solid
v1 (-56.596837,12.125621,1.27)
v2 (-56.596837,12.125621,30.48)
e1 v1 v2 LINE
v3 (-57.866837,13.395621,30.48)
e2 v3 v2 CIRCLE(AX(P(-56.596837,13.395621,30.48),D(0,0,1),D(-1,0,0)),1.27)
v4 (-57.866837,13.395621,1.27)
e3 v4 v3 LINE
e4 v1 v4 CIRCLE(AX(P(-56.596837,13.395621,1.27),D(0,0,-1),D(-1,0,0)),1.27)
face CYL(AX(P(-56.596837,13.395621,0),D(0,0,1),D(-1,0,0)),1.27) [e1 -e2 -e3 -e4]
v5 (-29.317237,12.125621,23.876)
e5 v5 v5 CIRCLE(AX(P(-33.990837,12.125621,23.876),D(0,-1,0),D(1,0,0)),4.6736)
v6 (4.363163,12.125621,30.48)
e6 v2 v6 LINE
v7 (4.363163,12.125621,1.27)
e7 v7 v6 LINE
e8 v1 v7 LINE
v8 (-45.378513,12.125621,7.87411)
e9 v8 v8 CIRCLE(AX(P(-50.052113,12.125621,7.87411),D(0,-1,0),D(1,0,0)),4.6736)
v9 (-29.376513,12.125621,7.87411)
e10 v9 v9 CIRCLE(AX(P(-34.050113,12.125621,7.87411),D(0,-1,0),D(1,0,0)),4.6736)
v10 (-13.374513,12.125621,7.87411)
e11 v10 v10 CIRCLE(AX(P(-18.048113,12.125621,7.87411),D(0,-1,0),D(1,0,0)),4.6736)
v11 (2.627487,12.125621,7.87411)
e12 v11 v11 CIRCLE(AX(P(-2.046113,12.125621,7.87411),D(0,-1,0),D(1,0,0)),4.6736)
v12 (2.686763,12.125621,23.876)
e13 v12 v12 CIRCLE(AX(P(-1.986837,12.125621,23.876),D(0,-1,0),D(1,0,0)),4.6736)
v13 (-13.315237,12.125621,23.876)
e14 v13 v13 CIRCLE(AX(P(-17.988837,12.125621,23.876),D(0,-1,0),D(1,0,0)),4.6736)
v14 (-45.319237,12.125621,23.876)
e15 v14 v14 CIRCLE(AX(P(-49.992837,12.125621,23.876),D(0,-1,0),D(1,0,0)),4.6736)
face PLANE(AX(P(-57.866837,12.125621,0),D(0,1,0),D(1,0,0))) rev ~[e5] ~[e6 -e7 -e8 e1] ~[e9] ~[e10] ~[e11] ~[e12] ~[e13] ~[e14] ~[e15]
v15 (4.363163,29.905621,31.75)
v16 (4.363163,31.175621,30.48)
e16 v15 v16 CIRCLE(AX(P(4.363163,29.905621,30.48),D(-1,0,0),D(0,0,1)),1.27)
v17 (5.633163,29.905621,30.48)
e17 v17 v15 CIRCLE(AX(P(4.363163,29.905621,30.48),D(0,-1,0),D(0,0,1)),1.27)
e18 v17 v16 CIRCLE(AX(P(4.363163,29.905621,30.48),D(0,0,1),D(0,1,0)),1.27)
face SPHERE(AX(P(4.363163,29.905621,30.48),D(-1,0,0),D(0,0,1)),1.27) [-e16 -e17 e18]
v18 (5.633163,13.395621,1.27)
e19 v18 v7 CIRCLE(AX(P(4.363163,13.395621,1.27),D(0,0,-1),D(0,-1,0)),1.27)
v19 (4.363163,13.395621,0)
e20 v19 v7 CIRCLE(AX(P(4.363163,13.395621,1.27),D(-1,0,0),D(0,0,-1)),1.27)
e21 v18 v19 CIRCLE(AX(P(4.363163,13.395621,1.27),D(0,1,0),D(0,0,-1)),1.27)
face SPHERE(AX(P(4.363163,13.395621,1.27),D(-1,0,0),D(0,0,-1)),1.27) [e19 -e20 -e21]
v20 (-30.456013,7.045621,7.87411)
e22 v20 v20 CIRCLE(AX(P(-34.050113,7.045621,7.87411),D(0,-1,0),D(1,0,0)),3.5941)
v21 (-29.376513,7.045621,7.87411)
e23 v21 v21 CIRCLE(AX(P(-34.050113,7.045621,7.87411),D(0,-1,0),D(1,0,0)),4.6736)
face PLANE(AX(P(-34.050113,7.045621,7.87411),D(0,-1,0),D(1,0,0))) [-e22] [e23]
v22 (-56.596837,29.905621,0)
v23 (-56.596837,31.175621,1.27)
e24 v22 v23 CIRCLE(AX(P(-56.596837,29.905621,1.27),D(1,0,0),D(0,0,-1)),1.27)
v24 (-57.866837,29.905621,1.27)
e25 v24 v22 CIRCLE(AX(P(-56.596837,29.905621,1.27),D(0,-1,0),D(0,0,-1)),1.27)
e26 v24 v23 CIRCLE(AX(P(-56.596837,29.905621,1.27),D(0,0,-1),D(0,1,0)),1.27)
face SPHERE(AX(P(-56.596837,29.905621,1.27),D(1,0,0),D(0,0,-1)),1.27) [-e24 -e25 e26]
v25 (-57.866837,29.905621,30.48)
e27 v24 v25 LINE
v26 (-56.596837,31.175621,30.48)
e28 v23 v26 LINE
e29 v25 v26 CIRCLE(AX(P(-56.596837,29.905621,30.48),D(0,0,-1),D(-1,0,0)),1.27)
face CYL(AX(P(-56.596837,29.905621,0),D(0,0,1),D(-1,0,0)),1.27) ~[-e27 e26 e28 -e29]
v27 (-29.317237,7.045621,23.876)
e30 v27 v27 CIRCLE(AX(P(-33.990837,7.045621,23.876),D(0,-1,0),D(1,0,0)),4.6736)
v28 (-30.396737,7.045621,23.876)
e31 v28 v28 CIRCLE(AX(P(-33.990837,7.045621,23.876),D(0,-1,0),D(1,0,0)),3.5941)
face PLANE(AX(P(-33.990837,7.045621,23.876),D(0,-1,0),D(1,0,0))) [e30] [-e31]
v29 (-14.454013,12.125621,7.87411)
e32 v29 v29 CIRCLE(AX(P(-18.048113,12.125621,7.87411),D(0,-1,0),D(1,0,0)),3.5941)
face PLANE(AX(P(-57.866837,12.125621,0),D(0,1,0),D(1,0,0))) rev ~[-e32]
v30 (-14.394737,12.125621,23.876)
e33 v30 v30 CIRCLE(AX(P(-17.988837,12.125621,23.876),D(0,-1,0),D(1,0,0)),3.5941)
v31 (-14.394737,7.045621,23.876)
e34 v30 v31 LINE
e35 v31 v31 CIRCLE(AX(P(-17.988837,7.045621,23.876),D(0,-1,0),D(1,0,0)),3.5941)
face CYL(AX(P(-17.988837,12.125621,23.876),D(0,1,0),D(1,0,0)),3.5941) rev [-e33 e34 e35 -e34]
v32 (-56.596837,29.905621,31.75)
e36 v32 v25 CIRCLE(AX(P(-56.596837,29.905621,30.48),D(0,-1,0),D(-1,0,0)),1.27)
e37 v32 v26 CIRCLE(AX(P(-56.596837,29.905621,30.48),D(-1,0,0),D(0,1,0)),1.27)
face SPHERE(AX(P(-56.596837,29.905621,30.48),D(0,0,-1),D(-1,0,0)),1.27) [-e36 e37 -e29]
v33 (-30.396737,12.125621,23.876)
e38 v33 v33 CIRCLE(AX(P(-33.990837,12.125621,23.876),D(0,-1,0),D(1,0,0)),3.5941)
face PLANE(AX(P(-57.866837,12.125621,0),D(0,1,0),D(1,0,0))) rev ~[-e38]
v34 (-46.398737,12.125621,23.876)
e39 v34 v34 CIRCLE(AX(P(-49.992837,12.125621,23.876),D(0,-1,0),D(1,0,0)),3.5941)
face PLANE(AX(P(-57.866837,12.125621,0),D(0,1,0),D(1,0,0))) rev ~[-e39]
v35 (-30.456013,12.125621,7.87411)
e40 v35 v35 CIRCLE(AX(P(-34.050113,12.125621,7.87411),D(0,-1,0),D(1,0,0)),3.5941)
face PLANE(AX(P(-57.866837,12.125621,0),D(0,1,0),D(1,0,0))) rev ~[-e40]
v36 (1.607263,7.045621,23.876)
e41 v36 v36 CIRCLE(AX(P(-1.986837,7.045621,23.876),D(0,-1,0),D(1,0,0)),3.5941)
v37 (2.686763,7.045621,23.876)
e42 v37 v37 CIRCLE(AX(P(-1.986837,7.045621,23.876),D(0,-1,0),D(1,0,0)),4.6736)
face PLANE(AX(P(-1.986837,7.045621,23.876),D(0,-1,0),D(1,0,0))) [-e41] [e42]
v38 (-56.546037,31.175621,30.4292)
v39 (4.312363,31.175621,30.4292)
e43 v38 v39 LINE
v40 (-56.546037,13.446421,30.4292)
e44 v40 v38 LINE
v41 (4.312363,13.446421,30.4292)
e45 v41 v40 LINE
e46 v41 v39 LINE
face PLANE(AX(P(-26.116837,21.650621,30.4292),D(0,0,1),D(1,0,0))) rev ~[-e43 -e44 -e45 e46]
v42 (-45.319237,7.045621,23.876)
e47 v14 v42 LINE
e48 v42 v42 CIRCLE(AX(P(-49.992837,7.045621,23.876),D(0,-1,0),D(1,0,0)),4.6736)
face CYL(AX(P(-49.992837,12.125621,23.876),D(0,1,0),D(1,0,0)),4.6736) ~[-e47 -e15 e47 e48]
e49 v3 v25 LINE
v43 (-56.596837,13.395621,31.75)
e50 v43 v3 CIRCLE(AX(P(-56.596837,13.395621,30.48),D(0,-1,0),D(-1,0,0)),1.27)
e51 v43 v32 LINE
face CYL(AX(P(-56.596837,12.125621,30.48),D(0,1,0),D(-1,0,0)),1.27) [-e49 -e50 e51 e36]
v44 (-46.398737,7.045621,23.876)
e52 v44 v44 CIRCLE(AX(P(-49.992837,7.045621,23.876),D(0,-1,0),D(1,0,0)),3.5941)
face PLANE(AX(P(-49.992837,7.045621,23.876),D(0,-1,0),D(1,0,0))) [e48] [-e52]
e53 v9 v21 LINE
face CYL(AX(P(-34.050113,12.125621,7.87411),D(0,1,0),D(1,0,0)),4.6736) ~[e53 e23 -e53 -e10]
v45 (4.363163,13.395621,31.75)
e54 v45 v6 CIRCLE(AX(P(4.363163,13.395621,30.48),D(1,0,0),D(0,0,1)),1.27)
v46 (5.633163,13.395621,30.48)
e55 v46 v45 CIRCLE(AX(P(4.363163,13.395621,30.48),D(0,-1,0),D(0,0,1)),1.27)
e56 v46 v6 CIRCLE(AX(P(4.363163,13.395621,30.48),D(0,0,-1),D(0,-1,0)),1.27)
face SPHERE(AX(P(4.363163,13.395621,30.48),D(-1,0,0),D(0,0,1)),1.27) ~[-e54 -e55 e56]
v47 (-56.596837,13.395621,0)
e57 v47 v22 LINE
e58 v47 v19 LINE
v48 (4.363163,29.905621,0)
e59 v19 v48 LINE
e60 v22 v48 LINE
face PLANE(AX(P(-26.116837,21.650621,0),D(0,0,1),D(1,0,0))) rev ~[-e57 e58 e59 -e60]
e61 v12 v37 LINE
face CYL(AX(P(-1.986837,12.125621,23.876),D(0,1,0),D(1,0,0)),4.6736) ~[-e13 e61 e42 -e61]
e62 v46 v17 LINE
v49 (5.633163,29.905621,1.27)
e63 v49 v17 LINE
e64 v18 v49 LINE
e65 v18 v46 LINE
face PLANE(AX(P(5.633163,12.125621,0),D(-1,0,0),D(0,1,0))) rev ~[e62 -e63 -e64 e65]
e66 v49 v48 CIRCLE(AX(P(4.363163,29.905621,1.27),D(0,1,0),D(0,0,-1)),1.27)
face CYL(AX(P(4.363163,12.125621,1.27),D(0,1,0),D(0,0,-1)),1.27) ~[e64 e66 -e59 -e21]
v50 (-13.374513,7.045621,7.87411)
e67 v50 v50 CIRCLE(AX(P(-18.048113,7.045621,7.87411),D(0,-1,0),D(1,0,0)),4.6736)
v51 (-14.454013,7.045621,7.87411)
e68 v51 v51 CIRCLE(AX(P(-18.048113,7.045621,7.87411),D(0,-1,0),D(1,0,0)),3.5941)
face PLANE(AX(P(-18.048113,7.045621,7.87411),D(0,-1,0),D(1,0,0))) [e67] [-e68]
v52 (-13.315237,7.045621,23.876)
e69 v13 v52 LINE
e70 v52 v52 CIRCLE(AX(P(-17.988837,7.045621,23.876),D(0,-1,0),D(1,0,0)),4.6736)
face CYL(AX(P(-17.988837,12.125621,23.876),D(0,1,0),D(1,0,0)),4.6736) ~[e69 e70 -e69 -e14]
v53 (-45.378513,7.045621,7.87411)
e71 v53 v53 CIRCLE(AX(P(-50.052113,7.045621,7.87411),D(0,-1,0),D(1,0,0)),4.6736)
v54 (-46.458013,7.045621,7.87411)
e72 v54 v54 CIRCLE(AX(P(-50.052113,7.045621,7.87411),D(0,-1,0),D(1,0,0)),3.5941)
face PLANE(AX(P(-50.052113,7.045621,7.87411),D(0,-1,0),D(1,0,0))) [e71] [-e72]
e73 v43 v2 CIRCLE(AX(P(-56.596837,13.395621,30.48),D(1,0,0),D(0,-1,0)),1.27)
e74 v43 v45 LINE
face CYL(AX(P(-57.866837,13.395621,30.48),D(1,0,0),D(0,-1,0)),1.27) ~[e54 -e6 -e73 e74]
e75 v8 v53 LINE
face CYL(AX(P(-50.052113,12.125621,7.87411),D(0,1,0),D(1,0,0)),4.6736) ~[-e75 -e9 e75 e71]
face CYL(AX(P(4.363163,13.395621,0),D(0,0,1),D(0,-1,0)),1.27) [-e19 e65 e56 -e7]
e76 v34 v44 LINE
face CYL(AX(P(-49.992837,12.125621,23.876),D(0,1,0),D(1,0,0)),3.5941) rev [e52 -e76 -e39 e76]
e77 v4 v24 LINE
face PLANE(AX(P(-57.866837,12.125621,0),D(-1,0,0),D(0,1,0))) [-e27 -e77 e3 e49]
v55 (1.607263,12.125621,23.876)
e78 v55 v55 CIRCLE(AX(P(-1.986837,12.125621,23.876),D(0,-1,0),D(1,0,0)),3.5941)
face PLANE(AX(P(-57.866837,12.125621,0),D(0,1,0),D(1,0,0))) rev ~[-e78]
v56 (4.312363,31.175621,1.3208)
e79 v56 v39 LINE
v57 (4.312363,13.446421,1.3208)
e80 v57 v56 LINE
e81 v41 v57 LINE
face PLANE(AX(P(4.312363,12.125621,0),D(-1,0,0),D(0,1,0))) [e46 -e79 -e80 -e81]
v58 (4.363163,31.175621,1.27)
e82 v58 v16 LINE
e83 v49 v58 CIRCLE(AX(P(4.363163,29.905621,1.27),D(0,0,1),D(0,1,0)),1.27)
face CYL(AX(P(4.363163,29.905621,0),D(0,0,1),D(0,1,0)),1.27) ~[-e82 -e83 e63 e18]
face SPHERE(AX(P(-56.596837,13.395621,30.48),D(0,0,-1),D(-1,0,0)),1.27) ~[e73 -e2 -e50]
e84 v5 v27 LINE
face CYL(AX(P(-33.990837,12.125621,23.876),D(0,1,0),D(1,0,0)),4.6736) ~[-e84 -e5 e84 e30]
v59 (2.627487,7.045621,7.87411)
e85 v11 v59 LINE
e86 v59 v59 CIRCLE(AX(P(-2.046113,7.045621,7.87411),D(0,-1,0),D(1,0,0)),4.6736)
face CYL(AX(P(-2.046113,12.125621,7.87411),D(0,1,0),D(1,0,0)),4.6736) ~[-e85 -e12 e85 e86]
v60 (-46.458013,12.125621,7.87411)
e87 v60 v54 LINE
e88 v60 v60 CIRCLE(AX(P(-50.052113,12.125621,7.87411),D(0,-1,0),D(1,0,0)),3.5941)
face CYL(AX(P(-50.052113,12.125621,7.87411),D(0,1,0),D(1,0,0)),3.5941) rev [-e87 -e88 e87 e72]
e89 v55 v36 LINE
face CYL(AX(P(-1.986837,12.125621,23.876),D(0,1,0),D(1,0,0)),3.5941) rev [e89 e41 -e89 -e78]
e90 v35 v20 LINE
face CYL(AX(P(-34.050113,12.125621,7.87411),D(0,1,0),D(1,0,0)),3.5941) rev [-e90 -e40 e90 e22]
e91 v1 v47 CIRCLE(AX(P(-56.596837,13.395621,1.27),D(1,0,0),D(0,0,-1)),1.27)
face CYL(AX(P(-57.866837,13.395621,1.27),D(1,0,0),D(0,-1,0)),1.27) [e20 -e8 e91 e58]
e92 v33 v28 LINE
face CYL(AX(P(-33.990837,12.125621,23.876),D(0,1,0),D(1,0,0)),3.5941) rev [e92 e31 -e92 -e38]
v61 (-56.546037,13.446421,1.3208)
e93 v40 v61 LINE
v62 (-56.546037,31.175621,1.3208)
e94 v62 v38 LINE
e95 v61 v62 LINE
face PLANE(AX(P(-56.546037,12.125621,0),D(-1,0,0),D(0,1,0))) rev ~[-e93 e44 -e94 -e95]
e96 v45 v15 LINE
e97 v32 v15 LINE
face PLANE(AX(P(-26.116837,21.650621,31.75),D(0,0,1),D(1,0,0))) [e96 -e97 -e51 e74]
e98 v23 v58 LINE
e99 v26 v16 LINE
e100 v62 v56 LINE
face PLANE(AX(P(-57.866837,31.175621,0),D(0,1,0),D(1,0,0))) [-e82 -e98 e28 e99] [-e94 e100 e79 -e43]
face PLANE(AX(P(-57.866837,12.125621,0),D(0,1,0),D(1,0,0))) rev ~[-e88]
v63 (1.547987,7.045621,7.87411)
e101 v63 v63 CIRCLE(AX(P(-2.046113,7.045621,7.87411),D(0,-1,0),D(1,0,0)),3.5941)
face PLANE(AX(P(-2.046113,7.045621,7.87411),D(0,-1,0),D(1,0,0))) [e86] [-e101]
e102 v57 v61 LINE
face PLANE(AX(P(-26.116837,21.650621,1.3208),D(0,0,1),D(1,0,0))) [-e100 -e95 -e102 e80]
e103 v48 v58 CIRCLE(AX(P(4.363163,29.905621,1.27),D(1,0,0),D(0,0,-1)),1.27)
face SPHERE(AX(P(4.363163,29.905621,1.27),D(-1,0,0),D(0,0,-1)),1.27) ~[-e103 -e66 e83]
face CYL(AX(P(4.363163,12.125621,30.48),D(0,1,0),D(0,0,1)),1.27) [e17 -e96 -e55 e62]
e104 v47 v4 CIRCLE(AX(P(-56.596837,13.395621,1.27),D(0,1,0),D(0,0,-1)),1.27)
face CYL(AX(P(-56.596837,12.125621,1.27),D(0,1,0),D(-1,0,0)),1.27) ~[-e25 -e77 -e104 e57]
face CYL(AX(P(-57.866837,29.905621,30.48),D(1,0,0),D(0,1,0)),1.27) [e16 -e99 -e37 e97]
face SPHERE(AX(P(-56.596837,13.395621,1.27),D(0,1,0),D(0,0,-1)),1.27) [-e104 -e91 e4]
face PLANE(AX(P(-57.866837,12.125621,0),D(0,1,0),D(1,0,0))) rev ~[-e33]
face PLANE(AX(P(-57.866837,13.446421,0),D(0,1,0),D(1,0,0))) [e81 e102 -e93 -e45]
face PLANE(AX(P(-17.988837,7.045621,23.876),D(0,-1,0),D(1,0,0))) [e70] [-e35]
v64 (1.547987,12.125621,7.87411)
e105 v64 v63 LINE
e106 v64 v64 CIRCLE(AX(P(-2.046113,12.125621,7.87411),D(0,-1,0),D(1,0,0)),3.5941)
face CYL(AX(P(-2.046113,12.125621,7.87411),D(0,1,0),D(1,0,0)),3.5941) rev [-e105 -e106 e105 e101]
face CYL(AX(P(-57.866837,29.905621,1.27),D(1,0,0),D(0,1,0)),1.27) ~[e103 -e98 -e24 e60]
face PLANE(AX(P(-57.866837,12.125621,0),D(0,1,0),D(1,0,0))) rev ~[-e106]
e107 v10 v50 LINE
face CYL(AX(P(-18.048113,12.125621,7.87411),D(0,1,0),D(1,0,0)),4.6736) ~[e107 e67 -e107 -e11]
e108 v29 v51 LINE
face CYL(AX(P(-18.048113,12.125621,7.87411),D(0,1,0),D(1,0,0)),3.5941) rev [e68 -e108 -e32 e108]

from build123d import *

# Parameters (mm, degrees)
F0_W     = 63.5
F0_H     = 19.05
F1_DEPTH = 31.75
F2_T     = -1.3208
F3_R     = 4.6736
F3_R_2   = 3.5941
F4_DEPTH = 5.08
F5_R     = 1.27


with BuildPart() as f1:
    # F0 (on Top) → F1 (new body)
    with BuildSketch(Plane.XY):
        with Locations((-26.116837, 21.650621)):
            Rectangle(F0_W, F0_H)
    extrude(amount=F1_DEPTH)

    # F2
    f2_openings = [f1.faces().sort_by_distance(p)[0] for p in [
        (-26.116837, 31.175621, 15.875),
    ]]
    offset(amount=F2_T, openings=f2_openings)

    # F3 (on face) → F4 (join)
    with BuildSketch(Plane.XZ.offset(-12.125621)):
        with Locations((-49.992837, 23.876)):
            Circle(F3_R)
        with Locations((-49.992837, 23.876)):
            Circle(F3_R_2, mode=Mode.SUBTRACT)
        with Locations((-33.990837, 23.876)):
            Circle(F3_R)
        with Locations((-33.990837, 23.876)):
            Circle(F3_R_2, mode=Mode.SUBTRACT)
        with Locations((-17.988837, 23.876)):
            Circle(F3_R)
        with Locations((-17.988837, 23.876)):
            Circle(F3_R_2, mode=Mode.SUBTRACT)
        with Locations((-1.986837, 23.876)):
            Circle(F3_R)
        with Locations((-1.986837, 23.876)):
            Circle(F3_R_2, mode=Mode.SUBTRACT)
        with Locations((-50.052113, 7.87411)):
            Circle(F3_R)
        with Locations((-50.052113, 7.87411)):
            Circle(F3_R_2, mode=Mode.SUBTRACT)
        with Locations((-34.050113, 7.87411)):
            Circle(F3_R)
        with Locations((-34.050113, 7.87411)):
            Circle(F3_R_2, mode=Mode.SUBTRACT)
        with Locations((-18.048113, 7.87411)):
            Circle(F3_R)
        with Locations((-18.048113, 7.87411)):
            Circle(F3_R_2, mode=Mode.SUBTRACT)
        with Locations((-2.046113, 7.87411)):
            Circle(F3_R)
        with Locations((-2.046113, 7.87411)):
            Circle(F3_R_2, mode=Mode.SUBTRACT)
    extrude(amount=F4_DEPTH)

    # F5
    f5_edges = [f1.edges().sort_by_distance(p)[0] for p in [
        (-26.116837, 31.175621, 0),
        (-57.866837, 21.650621, 0),
        (-26.116837, 12.125621, 0),
        (5.633163, 21.650621, 0),
        (-57.866837, 31.175621, 15.875),
        (-57.866837, 12.125621, 15.875),
        (-57.866837, 21.650621, 31.75),
        (-26.116837, 31.175621, 31.75),
        (-26.116837, 12.125621, 31.75),
        (5.633163, 21.650621, 31.75),
        (5.633163, 12.125621, 15.875),
        (5.633163, 31.175621, 15.875),
    ]]
    fillet(f5_edges, radius=F5_R)


solid = f1.part
